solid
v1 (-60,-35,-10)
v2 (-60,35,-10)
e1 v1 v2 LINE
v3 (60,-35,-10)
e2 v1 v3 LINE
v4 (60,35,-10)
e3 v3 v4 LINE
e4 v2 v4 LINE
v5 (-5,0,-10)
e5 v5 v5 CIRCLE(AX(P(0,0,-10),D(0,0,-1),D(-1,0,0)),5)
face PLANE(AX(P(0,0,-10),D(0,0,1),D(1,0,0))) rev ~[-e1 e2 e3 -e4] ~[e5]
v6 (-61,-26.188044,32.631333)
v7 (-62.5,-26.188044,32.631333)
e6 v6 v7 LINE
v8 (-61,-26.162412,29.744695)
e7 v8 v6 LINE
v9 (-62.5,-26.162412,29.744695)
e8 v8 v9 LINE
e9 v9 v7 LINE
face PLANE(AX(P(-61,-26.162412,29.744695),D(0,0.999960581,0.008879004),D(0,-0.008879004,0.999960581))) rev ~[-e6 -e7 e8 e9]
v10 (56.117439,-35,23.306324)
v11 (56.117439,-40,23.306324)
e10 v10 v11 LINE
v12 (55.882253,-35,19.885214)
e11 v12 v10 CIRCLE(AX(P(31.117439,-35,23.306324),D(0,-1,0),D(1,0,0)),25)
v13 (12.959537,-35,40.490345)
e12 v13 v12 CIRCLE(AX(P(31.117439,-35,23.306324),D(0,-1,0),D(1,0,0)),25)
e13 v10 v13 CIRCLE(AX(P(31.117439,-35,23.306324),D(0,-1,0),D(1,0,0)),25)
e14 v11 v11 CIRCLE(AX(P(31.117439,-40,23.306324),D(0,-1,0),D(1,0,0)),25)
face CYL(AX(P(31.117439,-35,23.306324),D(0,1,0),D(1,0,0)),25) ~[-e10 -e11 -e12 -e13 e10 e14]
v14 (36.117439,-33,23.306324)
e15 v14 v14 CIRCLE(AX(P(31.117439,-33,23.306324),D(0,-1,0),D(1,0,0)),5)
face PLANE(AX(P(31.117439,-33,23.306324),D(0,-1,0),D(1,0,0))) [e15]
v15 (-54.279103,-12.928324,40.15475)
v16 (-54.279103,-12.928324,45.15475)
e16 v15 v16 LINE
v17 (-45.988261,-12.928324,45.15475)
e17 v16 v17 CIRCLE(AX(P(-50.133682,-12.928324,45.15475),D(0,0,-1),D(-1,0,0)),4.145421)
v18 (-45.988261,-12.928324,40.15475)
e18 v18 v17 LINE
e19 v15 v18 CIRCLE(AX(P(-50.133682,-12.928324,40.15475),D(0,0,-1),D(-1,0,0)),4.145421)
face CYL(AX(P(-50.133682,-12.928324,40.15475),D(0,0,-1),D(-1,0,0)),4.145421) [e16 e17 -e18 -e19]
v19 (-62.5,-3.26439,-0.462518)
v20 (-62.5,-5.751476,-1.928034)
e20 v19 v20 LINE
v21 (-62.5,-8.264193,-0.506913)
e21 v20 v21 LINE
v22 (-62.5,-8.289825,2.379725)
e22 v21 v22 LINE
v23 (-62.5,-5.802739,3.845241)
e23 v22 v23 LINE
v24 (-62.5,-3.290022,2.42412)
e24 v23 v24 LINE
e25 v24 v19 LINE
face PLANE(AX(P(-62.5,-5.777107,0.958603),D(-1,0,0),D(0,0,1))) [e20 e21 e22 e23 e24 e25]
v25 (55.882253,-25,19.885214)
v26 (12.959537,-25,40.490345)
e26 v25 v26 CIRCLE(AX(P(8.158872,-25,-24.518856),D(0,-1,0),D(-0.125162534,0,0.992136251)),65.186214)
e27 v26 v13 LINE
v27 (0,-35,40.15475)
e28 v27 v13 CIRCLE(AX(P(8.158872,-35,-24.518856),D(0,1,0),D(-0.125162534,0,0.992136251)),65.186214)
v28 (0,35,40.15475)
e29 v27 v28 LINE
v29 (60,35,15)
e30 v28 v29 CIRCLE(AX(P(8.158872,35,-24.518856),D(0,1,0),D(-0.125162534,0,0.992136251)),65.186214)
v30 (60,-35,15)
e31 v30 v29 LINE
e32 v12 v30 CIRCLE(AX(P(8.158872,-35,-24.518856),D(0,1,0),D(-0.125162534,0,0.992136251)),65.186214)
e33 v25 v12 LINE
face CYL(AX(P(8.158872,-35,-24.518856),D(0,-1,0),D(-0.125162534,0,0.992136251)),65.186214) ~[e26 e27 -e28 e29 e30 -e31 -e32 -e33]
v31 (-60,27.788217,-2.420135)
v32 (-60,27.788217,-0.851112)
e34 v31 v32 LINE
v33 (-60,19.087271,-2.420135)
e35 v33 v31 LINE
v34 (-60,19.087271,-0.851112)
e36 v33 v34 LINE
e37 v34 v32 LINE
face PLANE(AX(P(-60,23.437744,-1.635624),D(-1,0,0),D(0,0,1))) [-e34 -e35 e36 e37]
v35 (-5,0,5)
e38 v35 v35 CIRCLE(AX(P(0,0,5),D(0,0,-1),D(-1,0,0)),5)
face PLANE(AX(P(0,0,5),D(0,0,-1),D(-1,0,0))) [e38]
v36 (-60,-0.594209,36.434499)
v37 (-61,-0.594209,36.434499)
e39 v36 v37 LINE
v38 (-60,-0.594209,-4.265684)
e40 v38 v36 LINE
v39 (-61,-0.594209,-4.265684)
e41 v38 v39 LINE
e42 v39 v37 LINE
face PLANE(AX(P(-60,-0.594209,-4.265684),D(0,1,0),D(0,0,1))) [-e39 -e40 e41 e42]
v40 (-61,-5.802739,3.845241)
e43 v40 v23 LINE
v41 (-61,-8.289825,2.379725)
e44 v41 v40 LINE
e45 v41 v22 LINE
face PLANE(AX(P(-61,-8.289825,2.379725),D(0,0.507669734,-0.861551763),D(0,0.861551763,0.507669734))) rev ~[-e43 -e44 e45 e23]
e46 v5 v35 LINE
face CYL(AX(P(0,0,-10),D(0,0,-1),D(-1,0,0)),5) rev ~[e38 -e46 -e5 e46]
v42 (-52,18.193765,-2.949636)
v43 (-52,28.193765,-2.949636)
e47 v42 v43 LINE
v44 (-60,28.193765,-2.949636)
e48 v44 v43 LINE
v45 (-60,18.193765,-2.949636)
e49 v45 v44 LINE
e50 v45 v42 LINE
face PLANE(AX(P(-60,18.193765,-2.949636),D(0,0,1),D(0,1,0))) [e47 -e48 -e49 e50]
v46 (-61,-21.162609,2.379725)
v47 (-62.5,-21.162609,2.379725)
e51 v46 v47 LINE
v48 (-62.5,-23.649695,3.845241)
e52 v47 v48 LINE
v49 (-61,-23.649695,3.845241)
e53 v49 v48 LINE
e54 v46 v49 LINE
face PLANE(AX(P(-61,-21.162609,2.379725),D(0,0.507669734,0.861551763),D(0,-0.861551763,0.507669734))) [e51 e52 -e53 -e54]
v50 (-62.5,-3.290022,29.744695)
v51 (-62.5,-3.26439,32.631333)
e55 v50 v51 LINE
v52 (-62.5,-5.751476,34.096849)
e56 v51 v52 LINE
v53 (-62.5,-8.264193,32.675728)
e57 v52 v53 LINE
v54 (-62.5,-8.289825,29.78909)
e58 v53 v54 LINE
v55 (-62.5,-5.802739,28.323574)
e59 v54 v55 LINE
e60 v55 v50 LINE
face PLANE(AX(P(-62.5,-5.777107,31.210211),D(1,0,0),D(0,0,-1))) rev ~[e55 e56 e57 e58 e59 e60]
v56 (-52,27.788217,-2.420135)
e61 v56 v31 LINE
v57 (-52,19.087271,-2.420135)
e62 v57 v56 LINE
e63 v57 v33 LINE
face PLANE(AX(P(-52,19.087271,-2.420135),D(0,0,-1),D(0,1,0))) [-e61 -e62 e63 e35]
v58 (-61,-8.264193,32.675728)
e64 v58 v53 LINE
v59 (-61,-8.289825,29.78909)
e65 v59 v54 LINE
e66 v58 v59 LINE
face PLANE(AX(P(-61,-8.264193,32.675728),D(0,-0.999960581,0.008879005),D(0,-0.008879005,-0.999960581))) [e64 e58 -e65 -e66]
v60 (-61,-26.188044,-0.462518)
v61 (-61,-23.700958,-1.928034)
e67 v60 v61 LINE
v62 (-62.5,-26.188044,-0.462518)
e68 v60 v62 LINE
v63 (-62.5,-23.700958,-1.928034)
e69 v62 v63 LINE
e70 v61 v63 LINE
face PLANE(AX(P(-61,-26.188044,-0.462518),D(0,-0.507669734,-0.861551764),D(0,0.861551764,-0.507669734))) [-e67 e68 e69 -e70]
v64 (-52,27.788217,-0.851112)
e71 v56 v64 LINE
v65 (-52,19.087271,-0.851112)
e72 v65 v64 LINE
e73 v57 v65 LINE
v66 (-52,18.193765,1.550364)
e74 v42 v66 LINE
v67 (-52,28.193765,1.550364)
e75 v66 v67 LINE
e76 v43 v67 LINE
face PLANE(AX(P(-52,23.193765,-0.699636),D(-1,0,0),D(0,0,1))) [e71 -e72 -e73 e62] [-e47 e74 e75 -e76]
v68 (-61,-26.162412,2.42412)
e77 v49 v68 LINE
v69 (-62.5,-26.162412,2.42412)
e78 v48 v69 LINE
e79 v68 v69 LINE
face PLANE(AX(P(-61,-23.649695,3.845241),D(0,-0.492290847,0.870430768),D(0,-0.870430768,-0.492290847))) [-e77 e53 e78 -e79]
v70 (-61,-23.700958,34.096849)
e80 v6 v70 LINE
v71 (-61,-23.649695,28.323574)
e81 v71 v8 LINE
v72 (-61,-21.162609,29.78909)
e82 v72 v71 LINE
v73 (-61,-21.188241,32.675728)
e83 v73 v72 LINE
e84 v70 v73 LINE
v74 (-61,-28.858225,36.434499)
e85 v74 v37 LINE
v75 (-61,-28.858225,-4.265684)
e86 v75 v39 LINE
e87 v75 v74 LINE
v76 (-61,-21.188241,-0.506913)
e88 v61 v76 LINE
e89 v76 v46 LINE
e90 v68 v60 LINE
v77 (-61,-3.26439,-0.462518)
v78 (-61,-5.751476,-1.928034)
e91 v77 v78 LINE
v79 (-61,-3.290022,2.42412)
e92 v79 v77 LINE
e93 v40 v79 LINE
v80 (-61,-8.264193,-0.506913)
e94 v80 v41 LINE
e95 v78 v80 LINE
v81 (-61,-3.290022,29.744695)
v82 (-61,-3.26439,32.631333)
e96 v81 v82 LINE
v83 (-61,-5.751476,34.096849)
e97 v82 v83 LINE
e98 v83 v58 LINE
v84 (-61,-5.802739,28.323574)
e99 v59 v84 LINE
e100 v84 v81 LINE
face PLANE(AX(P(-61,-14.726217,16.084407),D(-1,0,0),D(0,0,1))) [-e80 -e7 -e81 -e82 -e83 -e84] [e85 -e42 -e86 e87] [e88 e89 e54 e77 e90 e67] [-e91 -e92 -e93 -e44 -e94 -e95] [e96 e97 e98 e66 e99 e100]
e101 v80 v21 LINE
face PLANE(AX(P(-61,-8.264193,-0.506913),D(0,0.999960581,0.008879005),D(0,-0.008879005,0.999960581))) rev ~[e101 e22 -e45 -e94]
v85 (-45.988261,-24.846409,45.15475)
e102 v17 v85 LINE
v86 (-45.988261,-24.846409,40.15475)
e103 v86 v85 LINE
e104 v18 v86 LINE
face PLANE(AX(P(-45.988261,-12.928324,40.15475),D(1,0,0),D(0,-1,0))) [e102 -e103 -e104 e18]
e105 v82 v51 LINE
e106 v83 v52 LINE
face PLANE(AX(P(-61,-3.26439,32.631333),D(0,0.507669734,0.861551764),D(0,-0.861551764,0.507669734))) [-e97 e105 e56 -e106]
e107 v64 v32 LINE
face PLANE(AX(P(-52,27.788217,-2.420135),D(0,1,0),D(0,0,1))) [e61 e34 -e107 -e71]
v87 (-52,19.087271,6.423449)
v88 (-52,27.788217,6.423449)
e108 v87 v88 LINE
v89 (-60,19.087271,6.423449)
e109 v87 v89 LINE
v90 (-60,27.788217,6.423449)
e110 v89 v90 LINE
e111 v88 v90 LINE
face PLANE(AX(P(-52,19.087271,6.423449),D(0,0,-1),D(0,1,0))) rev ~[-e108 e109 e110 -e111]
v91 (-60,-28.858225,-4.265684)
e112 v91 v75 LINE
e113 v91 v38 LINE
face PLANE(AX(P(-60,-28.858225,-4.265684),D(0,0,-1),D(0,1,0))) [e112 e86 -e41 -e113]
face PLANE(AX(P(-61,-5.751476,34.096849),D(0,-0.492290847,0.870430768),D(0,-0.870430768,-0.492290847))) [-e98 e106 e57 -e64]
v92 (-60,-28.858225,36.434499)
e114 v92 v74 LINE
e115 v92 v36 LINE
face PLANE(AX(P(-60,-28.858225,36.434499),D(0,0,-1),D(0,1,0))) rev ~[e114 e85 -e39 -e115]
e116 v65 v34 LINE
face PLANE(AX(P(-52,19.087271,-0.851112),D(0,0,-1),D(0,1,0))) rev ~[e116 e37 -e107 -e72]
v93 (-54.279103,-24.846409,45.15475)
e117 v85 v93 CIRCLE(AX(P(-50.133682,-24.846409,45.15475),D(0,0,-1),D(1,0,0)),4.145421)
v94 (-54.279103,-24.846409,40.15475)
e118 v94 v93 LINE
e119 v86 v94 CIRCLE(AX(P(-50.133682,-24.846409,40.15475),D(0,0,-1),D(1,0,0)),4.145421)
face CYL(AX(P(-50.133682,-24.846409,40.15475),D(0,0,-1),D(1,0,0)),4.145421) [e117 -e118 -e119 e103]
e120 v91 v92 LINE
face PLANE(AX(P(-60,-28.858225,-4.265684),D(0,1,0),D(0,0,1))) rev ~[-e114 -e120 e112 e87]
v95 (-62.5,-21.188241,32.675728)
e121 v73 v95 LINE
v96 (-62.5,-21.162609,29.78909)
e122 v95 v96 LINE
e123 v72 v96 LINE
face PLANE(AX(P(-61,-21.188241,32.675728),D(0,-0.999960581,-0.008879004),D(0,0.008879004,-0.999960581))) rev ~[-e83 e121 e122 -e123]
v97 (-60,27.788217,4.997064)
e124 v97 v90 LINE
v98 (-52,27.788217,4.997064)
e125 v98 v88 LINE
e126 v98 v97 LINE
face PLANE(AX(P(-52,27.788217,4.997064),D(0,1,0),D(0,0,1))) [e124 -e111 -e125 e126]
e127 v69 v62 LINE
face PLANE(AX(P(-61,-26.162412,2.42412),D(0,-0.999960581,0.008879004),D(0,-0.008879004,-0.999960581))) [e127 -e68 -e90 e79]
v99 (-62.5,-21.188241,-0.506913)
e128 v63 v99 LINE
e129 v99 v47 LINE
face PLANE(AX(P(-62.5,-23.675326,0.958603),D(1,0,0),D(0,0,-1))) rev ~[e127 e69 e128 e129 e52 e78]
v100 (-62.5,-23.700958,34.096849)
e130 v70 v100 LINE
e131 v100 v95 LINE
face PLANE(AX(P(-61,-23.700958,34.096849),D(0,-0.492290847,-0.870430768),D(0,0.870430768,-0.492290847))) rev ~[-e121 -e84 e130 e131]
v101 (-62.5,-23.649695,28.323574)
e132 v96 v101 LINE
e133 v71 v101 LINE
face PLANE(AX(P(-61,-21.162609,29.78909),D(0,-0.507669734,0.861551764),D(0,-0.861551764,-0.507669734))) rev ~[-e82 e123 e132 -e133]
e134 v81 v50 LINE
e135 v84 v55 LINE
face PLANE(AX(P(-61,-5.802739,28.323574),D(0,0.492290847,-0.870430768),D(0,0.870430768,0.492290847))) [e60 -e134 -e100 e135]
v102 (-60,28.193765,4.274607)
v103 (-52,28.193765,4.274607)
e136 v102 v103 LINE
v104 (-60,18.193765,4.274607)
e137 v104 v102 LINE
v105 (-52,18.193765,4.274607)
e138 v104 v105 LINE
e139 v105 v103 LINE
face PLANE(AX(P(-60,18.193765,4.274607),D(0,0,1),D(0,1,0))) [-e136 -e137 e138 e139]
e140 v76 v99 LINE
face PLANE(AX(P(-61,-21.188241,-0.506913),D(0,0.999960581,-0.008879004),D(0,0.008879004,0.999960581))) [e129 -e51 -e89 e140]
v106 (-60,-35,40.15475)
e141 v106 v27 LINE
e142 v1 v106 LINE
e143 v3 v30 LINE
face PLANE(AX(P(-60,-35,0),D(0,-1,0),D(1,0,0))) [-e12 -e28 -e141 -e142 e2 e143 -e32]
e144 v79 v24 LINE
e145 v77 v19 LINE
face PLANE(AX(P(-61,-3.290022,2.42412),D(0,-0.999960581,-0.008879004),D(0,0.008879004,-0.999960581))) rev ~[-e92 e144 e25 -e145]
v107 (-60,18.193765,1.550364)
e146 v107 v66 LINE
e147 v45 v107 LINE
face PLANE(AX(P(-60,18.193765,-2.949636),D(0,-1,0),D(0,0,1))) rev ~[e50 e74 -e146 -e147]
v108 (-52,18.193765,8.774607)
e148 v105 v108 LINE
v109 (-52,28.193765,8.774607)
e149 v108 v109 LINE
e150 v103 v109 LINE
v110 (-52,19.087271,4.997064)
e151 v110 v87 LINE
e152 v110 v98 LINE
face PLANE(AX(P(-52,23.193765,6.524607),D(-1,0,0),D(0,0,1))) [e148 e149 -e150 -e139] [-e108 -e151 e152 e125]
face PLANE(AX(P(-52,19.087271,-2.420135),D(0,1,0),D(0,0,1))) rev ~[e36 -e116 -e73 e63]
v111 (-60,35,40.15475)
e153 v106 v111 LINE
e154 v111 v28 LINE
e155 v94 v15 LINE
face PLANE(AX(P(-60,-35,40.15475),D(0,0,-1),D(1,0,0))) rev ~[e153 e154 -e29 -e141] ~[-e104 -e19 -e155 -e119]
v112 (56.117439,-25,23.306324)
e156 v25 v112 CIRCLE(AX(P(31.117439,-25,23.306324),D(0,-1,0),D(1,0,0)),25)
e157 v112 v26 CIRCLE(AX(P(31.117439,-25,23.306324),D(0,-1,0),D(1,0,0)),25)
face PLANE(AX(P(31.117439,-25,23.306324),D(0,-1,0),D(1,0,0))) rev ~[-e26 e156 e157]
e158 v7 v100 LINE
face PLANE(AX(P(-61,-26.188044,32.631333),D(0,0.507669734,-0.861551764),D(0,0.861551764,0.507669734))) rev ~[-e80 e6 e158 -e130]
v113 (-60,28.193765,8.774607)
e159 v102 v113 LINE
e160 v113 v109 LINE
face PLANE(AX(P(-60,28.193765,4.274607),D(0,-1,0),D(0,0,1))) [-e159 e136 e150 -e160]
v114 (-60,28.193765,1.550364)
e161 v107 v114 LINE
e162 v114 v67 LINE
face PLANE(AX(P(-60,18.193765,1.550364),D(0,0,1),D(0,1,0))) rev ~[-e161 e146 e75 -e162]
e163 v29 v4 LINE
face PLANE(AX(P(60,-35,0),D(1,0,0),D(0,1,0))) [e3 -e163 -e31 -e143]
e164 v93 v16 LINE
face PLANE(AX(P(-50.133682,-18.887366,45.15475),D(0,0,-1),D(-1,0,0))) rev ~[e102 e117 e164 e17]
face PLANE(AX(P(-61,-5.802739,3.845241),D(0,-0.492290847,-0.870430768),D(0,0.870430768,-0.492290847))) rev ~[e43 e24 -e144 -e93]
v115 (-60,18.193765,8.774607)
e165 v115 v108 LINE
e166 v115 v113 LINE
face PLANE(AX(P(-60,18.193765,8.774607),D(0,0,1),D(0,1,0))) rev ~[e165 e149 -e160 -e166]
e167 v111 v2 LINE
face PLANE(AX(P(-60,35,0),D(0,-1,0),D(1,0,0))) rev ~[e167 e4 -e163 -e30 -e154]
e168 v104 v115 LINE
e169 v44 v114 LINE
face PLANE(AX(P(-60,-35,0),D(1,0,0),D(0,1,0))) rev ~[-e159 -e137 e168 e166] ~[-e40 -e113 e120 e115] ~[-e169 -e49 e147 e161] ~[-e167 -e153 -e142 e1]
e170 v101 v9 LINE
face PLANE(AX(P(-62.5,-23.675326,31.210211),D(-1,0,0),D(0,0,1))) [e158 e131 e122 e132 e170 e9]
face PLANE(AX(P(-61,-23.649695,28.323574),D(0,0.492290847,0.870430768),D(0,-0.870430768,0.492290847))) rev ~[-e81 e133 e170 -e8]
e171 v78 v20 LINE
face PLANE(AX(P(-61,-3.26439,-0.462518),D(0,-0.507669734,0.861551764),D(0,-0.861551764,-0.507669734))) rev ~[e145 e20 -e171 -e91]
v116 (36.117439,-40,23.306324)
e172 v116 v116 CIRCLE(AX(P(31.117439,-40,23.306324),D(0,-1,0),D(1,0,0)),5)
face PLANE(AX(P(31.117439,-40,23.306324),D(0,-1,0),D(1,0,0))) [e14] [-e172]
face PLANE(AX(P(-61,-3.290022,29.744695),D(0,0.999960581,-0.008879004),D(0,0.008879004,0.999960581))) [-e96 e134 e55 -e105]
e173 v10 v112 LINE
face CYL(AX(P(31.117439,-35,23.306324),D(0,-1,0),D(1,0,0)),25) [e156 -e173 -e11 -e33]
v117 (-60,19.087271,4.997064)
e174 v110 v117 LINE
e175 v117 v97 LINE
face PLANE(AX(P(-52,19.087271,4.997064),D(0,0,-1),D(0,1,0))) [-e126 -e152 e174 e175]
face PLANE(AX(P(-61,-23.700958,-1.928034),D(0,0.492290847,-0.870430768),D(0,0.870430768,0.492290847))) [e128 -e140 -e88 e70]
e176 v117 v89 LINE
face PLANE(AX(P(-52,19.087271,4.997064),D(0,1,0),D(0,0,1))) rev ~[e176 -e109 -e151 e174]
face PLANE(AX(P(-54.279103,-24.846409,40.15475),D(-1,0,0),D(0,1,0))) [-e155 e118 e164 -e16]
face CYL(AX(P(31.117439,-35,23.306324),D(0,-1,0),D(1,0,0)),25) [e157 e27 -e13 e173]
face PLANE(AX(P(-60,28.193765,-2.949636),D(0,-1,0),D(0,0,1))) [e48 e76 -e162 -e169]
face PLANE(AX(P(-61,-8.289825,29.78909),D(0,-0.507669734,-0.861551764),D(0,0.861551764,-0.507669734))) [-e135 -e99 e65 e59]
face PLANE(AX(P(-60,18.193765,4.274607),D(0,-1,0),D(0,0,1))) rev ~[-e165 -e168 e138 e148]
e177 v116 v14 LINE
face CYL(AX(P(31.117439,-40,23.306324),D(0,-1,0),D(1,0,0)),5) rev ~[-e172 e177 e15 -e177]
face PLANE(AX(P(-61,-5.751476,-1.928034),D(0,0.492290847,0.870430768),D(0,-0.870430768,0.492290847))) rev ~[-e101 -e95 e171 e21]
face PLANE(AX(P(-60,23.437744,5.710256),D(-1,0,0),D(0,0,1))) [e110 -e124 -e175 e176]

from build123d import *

# Parameters (mm, degrees)
SKETCH4_W                = 120
SKETCH4_H                = 70
BOSS_EXTRUDE1_DEPTH      = 10
SKETCH5_R                = 5
CUT_EXTRUDE1_DEPTH       = 40
BOSS_EXTRUDE2_DEPTH      = 70
SKETCH9_R                = 5
CUT_EXTRUDE2_DEPTH       = 15
SKETCH11_R               = 25
BOSS_EXTRUDE3_DEPTH      = 5
BOSS_EXTRUDE3_DEPTH_BACK = 10
SKETCH12_R               = 5
CUT_EXTRUDE3_DEPTH       = 7
BOSS_EXTRUDE5_DEPTH      = 5
SKETCH15_W               = 4.5
SKETCH15_H               = 10
CUT_EXTRUDE4_DEPTH       = 8
SKETCH16_W               = 1.569022944
SKETCH16_H               = 8.700945414
SKETCH16_W_2             = 1.426384494
BOSS_EXTRUDE6_DEPTH      = 8
SKETCH17_W               = 40.700182708
SKETCH17_H               = 28.264015769
BOSS_EXTRUDE7_DEPTH      = 1
BOSS_EXTRUDE8_DEPTH      = 1.5


with BuildPart() as part:
    # Sketch4 → Boss-Extrude1 (new body)
    with BuildSketch(Plane.XY):
        Rectangle(SKETCH4_W, SKETCH4_H)
    extrude(amount=-BOSS_EXTRUDE1_DEPTH)

    # Sketch5 → Cut-Extrude1 (cut)
    with BuildSketch(Plane.XY):
        Circle(SKETCH5_R)
    extrude(amount=-CUT_EXTRUDE1_DEPTH, mode=Mode.SUBTRACT)

    # Sketch8 → Boss-Extrude2 (add)
    with BuildSketch(Plane.XZ.offset(35)):
        with BuildLine():
            Line((-60, -10), (-60, 40.154750478))
            Line((-60, 40.154750478), (0, 40.154750478))
            ThreePointArc((0, 40.154750478), (33.3625471, 35.597841439), (60, 15))
            Line((60, 15), (60, -10))
            Line((60, -10), (-60, -10))
        make_face()
    extrude(amount=-BOSS_EXTRUDE2_DEPTH)

    # Sketch9 → Cut-Extrude2 (cut)
    with BuildSketch(Plane(origin=(0, 0, -10), x_dir=(-1, 0, 0), z_dir=(0, 0, -1))):
        Circle(SKETCH9_R)
    extrude(amount=-CUT_EXTRUDE2_DEPTH, mode=Mode.SUBTRACT)

    # Sketch11 → Boss-Extrude3 (add, two sides)
    with BuildSketch(Plane.XZ.offset(35)) as boss_extrude3_sk:
        with Locations((31.117439105, 23.306323577)):
            Circle(SKETCH11_R)
    extrude(amount=BOSS_EXTRUDE3_DEPTH)
    extrude(boss_extrude3_sk.sketch, amount=-BOSS_EXTRUDE3_DEPTH_BACK)

    # Sketch12 → Cut-Extrude3 (cut)
    with BuildSketch(Plane.XZ.offset(40)):
        with Locations((31.117439105, 23.306323577)):
            Circle(SKETCH12_R)
    extrude(amount=-CUT_EXTRUDE3_DEPTH, mode=Mode.SUBTRACT)

    # Sketch14 → Boss-Extrude5 (add)
    with BuildSketch(Plane.XY.offset(40.154750478)):
        with BuildLine():
            Line((-45.98826123, -12.928324025), (-45.98826123, -24.846408626))
            ThreePointArc((-45.98826123, -24.846408626), (-50.13368196, -28.991829356), (-54.279102691, -24.846408626))
            Line((-54.279102691, -24.846408626), (-54.279102691, -12.928324025))
            ThreePointArc((-54.279102691, -12.928324025), (-50.13368196, -8.782903295), (-45.98826123, -12.928324025))
        make_face()
    extrude(amount=BOSS_EXTRUDE5_DEPTH)

    # Sketch15 → Cut-Extrude4 (cut)
    with BuildSketch(Plane.ZY.offset(60)):
        with Locations((-0.699635799, 23.193765021)):
            Rectangle(SKETCH15_W, SKETCH15_H)
        with Locations((6.524606685, 23.193765021)):
            Rectangle(SKETCH15_W, SKETCH15_H)
    extrude(amount=-CUT_EXTRUDE4_DEPTH, mode=Mode.SUBTRACT)

    # Sketch16 → Boss-Extrude6 (add)
    with BuildSketch(Plane.ZY.offset(52)):
        with Locations((-1.63562366, 23.437743986)):
            Rectangle(SKETCH16_W, SKETCH16_H)
        with Locations((5.710256485, 23.437743986)):
            Rectangle(SKETCH16_W_2, SKETCH16_H)
    extrude(amount=BOSS_EXTRUDE6_DEPTH)

    # Sketch17 → Boss-Extrude7 (add)
    with BuildSketch(Plane.ZY.offset(60)):
        with Locations((16.084407409, -14.726216905)):
            Rectangle(SKETCH17_W, SKETCH17_H)
    extrude(amount=BOSS_EXTRUDE7_DEPTH)

    # Sketch18 → Boss-Extrude8 (add)
    with BuildSketch(Plane.ZY.offset(61)):
        Polygon((-0.506912877, -8.264193133), (2.379724675, -8.289824612), (3.845240963, -5.802738899), (2.424119698, -3.290021707), (-0.462517855, -3.264390229), (-1.928034142, -5.751475942), align=None)
        Polygon((34.09684896, -5.751475942), (32.675727695, -8.264193133), (29.789090142, -8.289824612), (28.323573855, -5.802738899), (29.74469512, -3.290021707), (32.631332673, -3.264390229), align=None)
        Polygon((-1.928034142, -23.700957867), (-0.506912877, -21.188240676), (2.379724675, -21.162609198), (3.845240963, -23.649694911), (2.424119698, -26.162412102), (-0.462517855, -26.18804358), align=None)
        Polygon((32.675727695, -21.188240676), (29.789090142, -21.162609198), (28.323573855, -23.649694911), (29.74469512, -26.162412102), (32.631332673, -26.18804358), (34.09684896, -23.700957867), align=None)
    extrude(amount=BOSS_EXTRUDE8_DEPTH)


solid = part.part
